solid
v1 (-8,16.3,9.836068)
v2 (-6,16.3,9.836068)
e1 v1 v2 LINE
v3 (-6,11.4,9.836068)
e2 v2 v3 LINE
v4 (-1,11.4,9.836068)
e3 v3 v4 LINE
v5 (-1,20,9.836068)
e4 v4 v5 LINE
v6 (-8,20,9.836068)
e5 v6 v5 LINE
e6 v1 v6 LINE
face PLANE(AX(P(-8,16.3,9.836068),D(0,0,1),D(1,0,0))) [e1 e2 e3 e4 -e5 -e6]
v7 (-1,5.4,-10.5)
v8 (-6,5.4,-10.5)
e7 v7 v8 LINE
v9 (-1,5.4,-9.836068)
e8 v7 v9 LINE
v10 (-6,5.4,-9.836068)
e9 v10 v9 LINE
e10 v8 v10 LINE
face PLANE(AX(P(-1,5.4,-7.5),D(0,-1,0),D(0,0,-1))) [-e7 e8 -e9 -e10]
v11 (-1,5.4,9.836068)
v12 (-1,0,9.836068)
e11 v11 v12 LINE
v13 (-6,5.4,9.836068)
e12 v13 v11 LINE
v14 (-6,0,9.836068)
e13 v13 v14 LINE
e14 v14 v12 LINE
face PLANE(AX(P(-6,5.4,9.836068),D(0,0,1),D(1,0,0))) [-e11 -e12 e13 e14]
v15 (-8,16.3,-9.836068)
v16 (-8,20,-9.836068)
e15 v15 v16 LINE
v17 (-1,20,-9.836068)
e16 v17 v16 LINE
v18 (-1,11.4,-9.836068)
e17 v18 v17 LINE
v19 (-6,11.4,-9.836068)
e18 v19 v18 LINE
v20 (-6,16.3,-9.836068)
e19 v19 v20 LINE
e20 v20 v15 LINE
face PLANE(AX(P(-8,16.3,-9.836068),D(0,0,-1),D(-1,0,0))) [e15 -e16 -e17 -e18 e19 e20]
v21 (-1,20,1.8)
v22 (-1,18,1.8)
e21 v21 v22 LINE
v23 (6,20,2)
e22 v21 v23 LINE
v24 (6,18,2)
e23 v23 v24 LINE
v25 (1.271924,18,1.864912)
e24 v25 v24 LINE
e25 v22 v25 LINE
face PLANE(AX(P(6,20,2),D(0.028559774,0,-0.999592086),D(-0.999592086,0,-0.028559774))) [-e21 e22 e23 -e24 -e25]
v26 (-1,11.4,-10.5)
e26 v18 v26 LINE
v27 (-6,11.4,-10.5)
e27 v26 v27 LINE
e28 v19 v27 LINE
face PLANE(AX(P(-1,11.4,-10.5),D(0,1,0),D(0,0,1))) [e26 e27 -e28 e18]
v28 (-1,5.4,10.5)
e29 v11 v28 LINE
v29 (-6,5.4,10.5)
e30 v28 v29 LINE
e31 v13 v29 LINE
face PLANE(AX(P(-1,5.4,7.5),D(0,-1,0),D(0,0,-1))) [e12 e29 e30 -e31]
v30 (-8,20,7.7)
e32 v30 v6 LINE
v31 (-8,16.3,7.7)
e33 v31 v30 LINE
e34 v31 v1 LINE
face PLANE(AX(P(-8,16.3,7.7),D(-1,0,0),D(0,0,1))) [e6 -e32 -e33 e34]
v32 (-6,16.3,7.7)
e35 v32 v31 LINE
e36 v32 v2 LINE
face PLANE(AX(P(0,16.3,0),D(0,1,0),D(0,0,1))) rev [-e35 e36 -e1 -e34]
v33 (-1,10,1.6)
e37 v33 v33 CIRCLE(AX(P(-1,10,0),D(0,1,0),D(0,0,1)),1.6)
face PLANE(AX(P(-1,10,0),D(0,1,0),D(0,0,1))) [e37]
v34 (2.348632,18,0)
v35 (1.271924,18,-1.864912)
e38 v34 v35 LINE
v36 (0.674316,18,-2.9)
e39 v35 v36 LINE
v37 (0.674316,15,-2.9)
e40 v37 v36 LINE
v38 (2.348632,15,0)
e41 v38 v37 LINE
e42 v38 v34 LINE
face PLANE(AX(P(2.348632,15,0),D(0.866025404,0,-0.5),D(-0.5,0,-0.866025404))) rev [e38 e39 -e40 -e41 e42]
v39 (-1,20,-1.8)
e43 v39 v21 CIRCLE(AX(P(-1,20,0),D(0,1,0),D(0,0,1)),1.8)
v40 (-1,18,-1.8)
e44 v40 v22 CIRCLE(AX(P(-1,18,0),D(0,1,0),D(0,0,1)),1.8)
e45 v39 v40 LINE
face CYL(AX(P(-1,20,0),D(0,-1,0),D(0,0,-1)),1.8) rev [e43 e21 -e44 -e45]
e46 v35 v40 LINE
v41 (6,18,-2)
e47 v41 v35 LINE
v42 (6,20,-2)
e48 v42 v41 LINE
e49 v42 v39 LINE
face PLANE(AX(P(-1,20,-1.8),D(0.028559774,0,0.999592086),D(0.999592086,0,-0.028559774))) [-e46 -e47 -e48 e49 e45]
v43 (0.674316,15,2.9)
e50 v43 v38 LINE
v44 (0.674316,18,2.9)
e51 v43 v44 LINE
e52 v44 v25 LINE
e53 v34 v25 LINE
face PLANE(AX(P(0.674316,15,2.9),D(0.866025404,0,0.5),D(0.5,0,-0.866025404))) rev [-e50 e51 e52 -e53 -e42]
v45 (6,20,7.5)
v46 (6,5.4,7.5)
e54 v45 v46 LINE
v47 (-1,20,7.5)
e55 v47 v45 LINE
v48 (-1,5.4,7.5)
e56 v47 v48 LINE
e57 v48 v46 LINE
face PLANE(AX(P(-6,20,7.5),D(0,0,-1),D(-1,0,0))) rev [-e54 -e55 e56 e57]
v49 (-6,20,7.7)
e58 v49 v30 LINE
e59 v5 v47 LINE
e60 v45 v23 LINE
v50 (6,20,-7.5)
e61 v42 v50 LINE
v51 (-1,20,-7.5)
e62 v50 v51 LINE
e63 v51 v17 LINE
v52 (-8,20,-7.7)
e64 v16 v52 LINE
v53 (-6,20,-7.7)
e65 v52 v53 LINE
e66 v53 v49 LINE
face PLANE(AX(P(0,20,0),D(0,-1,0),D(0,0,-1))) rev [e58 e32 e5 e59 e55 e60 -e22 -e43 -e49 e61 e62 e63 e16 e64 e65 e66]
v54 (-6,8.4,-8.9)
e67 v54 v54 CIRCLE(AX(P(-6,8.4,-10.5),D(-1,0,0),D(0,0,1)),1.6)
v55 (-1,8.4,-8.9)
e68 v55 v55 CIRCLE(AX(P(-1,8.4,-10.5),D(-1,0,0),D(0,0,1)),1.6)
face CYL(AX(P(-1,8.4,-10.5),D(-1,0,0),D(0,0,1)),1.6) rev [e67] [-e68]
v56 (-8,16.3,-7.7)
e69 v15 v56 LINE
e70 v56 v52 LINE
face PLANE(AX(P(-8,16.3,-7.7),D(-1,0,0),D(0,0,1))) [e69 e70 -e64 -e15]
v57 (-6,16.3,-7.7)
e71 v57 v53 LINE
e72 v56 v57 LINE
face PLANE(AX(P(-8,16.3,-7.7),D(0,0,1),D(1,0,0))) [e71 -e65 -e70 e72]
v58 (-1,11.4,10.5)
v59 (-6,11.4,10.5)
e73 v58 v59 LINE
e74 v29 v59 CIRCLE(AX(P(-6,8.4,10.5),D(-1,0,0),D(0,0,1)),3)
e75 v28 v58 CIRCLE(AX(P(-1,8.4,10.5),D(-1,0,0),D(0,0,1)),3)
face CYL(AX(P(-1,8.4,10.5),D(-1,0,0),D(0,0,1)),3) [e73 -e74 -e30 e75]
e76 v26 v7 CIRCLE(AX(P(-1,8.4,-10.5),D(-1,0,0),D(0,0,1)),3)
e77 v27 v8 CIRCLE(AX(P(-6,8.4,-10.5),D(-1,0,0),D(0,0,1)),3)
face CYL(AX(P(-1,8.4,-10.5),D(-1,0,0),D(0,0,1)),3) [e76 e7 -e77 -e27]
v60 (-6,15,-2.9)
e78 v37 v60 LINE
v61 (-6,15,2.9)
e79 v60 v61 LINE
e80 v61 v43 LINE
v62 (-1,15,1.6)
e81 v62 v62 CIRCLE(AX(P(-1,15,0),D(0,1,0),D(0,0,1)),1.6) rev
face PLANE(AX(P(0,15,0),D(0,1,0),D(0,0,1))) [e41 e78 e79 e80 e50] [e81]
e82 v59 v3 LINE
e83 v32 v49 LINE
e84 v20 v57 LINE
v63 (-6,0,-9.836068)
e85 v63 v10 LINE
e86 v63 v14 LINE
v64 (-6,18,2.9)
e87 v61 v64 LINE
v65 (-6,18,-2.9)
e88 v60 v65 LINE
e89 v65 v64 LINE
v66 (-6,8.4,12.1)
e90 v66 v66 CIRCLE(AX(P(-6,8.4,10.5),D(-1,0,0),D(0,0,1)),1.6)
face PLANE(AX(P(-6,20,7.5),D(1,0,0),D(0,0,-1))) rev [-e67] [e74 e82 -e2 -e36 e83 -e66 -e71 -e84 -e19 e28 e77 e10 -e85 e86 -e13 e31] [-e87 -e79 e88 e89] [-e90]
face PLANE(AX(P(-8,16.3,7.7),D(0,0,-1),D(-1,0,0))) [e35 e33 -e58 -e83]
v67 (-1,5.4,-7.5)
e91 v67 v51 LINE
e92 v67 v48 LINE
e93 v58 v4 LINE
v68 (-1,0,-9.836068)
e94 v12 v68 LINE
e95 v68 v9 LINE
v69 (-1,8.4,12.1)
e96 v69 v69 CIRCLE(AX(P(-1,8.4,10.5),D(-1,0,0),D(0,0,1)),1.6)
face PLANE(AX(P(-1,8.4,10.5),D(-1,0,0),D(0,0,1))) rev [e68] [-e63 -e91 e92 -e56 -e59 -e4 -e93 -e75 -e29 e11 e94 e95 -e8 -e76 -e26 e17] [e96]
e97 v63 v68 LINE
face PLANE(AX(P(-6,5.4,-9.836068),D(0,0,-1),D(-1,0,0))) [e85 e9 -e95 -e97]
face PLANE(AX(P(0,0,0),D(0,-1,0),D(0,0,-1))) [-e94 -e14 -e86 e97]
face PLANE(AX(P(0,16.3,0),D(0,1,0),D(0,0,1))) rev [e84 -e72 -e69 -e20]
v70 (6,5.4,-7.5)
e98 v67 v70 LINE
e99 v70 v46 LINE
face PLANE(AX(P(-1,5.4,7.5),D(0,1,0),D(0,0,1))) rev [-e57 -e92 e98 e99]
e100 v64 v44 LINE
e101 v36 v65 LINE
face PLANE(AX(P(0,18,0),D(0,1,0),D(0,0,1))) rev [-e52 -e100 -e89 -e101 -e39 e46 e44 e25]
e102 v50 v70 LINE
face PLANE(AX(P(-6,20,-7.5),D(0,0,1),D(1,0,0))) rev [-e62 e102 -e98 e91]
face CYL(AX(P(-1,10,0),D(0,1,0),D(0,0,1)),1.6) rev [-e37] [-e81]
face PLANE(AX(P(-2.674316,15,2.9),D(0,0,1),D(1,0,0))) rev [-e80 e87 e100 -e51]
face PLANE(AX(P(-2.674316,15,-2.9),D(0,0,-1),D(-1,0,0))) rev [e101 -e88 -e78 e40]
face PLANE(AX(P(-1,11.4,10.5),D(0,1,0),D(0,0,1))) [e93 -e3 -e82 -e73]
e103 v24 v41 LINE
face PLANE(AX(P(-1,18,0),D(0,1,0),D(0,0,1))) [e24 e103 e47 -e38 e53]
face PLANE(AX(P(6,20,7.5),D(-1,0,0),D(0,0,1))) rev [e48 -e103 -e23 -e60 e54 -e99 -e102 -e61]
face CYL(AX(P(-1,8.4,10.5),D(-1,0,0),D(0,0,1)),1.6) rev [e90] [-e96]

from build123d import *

# Parameters (mm, degrees)
SKETCH1_W           = 12
SKETCH1_H           = 15
BOSS_EXTRUDE1_DEPTH = 20
SKETCH2_R           = 1.6
BOSS_EXTRUDE2_DEPTH = 5
SKETCH3_R           = 1.6
CUT_EXTRUDE1_DEPTH  = 10
CUT_EXTRUDE2_DEPTH  = 3
CUT_EXTRUDE3_DEPTH  = 2
BOSS_EXTRUDE4_DEPTH = 3.7
BOSS_EXTRUDE5_START = -5
SKETCH8_W           = 2.336067977
SKETCH8_H           = 8.6
BOSS_EXTRUDE5_DEPTH = 5
SKETCH10_W          = 15
SKETCH10_H          = 5.4
CUT_EXTRUDE5_DEPTH  = 7
BOSS_EXTRUDE8_START = -5
SKETCH13_W          = 2.336067977
SKETCH13_H          = 5.4
BOSS_EXTRUDE8_DEPTH = 5


with BuildPart() as part:
    # Sketch1 → Boss-Extrude1 (new body)
    with BuildSketch(Plane(origin=(0, 0, 0), x_dir=(1, 0, 0), z_dir=(0, 1, 0))):
        Rectangle(SKETCH1_W, SKETCH1_H)
    extrude(amount=BOSS_EXTRUDE1_DEPTH)

    # Sketch2 → Boss-Extrude2 (add)
    # profile 1 of 2: a face of its own
    with BuildSketch(Plane.ZY.offset(6)):
        with BuildLine():
            Line((10.5, 11.4), (7.5, 11.4))
            Line((7.5, 11.4), (7.5, 5.4))
            Line((7.5, 5.4), (10.5, 5.4))
            ThreePointArc((10.5, 5.4), (13.5, 8.4), (10.5, 11.4))
        make_face()
        with Locations((10.5, 8.4)):
            Circle(SKETCH2_R, mode=Mode.SUBTRACT)
    # profile 2 of 2: a face of its own
    with BuildSketch(Plane.ZY.offset(6)):
        with BuildLine():
            Line((-10.5, 11.4), (-7.5, 11.4))
            Line((-7.5, 11.4), (-7.5, 5.4))
            Line((-7.5, 5.4), (-10.5, 5.4))
            ThreePointArc((-10.5, 5.4), (-13.5, 8.4), (-10.5, 11.4))
        make_face()
        with Locations((-10.5, 8.4)):
            Circle(SKETCH2_R, mode=Mode.SUBTRACT)
    extrude(amount=-BOSS_EXTRUDE2_DEPTH)

    # Sketch3 → Cut-Extrude1 (cut)
    with BuildSketch(Plane(origin=(0, 20, 0), x_dir=(1, 0, 0), z_dir=(0, 1, 0))):
        with Locations(Location((-1, 0, 0), (0, 0, 270))):
            Circle(SKETCH3_R)
    extrude(amount=-CUT_EXTRUDE1_DEPTH, mode=Mode.SUBTRACT)

    # Sketch4 → Cut-Extrude2 (cut)
    with BuildSketch(Plane(origin=(0, 18, 0), x_dir=(1, 0, 0), z_dir=(0, 1, 0))):
        Polygon((-2.674315781, 2.9), (-6, 2.9), (-6, -2.9), (-2.674315781, -2.9), (0.674315781, -2.9), (2.348631561, 0), (0.674315781, 2.9), align=None)
    extrude(amount=-CUT_EXTRUDE2_DEPTH, mode=Mode.SUBTRACT)

    # Sketch5 → Cut-Extrude3 (cut)
    with BuildSketch(Plane(origin=(0, 18, 0), x_dir=(1, 0, 0), z_dir=(0, 1, 0))):
        with BuildLine():
            Line((-1, 1.8), (6, 2))
            Line((6, 2), (6, 0))
            Line((6, 0), (6, -2))
            Line((6, -2), (-1, -1.8))
            ThreePointArc((-1, -1.8), (-2.8, 0), (-1, 1.8))
        make_face()
    extrude(amount=CUT_EXTRUDE3_DEPTH, mode=Mode.SUBTRACT)

    # Sketch6 → Boss-Extrude4 (add)
    with BuildSketch(Plane(origin=(0, 20, 0), x_dir=(1, 0, 0), z_dir=(0, 1, 0))):
        Polygon((-6, 7.7), (-6, 7.5), (-1, 7.5), (-1, 9.836067977), (-8, 9.836067977), (-8, 7.7), align=None)
        Polygon((-1, -7.5), (-6, -7.5), (-6, -7.7), (-8, -7.7), (-8, -9.836067977), (-1, -9.836067977), align=None)
    extrude(amount=-BOSS_EXTRUDE4_DEPTH)

    # Sketch8 → Boss-Extrude5 (add)
    with BuildSketch(Plane(origin=(-1, 0, 0), x_dir=(0, 0, -1), z_dir=(1, 0, 0)).offset(BOSS_EXTRUDE5_START)):
        with Locations((-8.668033989, 15.7)):
            Rectangle(SKETCH8_W, SKETCH8_H)
        with Locations((8.668033989, 15.7)):
            Rectangle(SKETCH8_W, SKETCH8_H)
    extrude(amount=BOSS_EXTRUDE5_DEPTH)

    # Sketch10 → Cut-Extrude5 (cut)
    with BuildSketch(Plane(origin=(6, 0, 0), x_dir=(0, 0, -1), z_dir=(1, 0, 0))):
        with Locations((0, 2.7)):
            Rectangle(SKETCH10_W, SKETCH10_H)
    extrude(amount=-CUT_EXTRUDE5_DEPTH, mode=Mode.SUBTRACT)

    # Sketch13 → Boss-Extrude8 (add)
    with BuildSketch(Plane(origin=(-1, 0, 0), x_dir=(0, 0, -1), z_dir=(1, 0, 0)).offset(BOSS_EXTRUDE8_START)):
        with Locations((8.668033989, 2.7)):
            Rectangle(SKETCH13_W, SKETCH13_H)
        with Locations((-8.668033989, 2.7)):
            Rectangle(SKETCH13_W, SKETCH13_H)
    extrude(amount=BOSS_EXTRUDE8_DEPTH)


solid = part.part
